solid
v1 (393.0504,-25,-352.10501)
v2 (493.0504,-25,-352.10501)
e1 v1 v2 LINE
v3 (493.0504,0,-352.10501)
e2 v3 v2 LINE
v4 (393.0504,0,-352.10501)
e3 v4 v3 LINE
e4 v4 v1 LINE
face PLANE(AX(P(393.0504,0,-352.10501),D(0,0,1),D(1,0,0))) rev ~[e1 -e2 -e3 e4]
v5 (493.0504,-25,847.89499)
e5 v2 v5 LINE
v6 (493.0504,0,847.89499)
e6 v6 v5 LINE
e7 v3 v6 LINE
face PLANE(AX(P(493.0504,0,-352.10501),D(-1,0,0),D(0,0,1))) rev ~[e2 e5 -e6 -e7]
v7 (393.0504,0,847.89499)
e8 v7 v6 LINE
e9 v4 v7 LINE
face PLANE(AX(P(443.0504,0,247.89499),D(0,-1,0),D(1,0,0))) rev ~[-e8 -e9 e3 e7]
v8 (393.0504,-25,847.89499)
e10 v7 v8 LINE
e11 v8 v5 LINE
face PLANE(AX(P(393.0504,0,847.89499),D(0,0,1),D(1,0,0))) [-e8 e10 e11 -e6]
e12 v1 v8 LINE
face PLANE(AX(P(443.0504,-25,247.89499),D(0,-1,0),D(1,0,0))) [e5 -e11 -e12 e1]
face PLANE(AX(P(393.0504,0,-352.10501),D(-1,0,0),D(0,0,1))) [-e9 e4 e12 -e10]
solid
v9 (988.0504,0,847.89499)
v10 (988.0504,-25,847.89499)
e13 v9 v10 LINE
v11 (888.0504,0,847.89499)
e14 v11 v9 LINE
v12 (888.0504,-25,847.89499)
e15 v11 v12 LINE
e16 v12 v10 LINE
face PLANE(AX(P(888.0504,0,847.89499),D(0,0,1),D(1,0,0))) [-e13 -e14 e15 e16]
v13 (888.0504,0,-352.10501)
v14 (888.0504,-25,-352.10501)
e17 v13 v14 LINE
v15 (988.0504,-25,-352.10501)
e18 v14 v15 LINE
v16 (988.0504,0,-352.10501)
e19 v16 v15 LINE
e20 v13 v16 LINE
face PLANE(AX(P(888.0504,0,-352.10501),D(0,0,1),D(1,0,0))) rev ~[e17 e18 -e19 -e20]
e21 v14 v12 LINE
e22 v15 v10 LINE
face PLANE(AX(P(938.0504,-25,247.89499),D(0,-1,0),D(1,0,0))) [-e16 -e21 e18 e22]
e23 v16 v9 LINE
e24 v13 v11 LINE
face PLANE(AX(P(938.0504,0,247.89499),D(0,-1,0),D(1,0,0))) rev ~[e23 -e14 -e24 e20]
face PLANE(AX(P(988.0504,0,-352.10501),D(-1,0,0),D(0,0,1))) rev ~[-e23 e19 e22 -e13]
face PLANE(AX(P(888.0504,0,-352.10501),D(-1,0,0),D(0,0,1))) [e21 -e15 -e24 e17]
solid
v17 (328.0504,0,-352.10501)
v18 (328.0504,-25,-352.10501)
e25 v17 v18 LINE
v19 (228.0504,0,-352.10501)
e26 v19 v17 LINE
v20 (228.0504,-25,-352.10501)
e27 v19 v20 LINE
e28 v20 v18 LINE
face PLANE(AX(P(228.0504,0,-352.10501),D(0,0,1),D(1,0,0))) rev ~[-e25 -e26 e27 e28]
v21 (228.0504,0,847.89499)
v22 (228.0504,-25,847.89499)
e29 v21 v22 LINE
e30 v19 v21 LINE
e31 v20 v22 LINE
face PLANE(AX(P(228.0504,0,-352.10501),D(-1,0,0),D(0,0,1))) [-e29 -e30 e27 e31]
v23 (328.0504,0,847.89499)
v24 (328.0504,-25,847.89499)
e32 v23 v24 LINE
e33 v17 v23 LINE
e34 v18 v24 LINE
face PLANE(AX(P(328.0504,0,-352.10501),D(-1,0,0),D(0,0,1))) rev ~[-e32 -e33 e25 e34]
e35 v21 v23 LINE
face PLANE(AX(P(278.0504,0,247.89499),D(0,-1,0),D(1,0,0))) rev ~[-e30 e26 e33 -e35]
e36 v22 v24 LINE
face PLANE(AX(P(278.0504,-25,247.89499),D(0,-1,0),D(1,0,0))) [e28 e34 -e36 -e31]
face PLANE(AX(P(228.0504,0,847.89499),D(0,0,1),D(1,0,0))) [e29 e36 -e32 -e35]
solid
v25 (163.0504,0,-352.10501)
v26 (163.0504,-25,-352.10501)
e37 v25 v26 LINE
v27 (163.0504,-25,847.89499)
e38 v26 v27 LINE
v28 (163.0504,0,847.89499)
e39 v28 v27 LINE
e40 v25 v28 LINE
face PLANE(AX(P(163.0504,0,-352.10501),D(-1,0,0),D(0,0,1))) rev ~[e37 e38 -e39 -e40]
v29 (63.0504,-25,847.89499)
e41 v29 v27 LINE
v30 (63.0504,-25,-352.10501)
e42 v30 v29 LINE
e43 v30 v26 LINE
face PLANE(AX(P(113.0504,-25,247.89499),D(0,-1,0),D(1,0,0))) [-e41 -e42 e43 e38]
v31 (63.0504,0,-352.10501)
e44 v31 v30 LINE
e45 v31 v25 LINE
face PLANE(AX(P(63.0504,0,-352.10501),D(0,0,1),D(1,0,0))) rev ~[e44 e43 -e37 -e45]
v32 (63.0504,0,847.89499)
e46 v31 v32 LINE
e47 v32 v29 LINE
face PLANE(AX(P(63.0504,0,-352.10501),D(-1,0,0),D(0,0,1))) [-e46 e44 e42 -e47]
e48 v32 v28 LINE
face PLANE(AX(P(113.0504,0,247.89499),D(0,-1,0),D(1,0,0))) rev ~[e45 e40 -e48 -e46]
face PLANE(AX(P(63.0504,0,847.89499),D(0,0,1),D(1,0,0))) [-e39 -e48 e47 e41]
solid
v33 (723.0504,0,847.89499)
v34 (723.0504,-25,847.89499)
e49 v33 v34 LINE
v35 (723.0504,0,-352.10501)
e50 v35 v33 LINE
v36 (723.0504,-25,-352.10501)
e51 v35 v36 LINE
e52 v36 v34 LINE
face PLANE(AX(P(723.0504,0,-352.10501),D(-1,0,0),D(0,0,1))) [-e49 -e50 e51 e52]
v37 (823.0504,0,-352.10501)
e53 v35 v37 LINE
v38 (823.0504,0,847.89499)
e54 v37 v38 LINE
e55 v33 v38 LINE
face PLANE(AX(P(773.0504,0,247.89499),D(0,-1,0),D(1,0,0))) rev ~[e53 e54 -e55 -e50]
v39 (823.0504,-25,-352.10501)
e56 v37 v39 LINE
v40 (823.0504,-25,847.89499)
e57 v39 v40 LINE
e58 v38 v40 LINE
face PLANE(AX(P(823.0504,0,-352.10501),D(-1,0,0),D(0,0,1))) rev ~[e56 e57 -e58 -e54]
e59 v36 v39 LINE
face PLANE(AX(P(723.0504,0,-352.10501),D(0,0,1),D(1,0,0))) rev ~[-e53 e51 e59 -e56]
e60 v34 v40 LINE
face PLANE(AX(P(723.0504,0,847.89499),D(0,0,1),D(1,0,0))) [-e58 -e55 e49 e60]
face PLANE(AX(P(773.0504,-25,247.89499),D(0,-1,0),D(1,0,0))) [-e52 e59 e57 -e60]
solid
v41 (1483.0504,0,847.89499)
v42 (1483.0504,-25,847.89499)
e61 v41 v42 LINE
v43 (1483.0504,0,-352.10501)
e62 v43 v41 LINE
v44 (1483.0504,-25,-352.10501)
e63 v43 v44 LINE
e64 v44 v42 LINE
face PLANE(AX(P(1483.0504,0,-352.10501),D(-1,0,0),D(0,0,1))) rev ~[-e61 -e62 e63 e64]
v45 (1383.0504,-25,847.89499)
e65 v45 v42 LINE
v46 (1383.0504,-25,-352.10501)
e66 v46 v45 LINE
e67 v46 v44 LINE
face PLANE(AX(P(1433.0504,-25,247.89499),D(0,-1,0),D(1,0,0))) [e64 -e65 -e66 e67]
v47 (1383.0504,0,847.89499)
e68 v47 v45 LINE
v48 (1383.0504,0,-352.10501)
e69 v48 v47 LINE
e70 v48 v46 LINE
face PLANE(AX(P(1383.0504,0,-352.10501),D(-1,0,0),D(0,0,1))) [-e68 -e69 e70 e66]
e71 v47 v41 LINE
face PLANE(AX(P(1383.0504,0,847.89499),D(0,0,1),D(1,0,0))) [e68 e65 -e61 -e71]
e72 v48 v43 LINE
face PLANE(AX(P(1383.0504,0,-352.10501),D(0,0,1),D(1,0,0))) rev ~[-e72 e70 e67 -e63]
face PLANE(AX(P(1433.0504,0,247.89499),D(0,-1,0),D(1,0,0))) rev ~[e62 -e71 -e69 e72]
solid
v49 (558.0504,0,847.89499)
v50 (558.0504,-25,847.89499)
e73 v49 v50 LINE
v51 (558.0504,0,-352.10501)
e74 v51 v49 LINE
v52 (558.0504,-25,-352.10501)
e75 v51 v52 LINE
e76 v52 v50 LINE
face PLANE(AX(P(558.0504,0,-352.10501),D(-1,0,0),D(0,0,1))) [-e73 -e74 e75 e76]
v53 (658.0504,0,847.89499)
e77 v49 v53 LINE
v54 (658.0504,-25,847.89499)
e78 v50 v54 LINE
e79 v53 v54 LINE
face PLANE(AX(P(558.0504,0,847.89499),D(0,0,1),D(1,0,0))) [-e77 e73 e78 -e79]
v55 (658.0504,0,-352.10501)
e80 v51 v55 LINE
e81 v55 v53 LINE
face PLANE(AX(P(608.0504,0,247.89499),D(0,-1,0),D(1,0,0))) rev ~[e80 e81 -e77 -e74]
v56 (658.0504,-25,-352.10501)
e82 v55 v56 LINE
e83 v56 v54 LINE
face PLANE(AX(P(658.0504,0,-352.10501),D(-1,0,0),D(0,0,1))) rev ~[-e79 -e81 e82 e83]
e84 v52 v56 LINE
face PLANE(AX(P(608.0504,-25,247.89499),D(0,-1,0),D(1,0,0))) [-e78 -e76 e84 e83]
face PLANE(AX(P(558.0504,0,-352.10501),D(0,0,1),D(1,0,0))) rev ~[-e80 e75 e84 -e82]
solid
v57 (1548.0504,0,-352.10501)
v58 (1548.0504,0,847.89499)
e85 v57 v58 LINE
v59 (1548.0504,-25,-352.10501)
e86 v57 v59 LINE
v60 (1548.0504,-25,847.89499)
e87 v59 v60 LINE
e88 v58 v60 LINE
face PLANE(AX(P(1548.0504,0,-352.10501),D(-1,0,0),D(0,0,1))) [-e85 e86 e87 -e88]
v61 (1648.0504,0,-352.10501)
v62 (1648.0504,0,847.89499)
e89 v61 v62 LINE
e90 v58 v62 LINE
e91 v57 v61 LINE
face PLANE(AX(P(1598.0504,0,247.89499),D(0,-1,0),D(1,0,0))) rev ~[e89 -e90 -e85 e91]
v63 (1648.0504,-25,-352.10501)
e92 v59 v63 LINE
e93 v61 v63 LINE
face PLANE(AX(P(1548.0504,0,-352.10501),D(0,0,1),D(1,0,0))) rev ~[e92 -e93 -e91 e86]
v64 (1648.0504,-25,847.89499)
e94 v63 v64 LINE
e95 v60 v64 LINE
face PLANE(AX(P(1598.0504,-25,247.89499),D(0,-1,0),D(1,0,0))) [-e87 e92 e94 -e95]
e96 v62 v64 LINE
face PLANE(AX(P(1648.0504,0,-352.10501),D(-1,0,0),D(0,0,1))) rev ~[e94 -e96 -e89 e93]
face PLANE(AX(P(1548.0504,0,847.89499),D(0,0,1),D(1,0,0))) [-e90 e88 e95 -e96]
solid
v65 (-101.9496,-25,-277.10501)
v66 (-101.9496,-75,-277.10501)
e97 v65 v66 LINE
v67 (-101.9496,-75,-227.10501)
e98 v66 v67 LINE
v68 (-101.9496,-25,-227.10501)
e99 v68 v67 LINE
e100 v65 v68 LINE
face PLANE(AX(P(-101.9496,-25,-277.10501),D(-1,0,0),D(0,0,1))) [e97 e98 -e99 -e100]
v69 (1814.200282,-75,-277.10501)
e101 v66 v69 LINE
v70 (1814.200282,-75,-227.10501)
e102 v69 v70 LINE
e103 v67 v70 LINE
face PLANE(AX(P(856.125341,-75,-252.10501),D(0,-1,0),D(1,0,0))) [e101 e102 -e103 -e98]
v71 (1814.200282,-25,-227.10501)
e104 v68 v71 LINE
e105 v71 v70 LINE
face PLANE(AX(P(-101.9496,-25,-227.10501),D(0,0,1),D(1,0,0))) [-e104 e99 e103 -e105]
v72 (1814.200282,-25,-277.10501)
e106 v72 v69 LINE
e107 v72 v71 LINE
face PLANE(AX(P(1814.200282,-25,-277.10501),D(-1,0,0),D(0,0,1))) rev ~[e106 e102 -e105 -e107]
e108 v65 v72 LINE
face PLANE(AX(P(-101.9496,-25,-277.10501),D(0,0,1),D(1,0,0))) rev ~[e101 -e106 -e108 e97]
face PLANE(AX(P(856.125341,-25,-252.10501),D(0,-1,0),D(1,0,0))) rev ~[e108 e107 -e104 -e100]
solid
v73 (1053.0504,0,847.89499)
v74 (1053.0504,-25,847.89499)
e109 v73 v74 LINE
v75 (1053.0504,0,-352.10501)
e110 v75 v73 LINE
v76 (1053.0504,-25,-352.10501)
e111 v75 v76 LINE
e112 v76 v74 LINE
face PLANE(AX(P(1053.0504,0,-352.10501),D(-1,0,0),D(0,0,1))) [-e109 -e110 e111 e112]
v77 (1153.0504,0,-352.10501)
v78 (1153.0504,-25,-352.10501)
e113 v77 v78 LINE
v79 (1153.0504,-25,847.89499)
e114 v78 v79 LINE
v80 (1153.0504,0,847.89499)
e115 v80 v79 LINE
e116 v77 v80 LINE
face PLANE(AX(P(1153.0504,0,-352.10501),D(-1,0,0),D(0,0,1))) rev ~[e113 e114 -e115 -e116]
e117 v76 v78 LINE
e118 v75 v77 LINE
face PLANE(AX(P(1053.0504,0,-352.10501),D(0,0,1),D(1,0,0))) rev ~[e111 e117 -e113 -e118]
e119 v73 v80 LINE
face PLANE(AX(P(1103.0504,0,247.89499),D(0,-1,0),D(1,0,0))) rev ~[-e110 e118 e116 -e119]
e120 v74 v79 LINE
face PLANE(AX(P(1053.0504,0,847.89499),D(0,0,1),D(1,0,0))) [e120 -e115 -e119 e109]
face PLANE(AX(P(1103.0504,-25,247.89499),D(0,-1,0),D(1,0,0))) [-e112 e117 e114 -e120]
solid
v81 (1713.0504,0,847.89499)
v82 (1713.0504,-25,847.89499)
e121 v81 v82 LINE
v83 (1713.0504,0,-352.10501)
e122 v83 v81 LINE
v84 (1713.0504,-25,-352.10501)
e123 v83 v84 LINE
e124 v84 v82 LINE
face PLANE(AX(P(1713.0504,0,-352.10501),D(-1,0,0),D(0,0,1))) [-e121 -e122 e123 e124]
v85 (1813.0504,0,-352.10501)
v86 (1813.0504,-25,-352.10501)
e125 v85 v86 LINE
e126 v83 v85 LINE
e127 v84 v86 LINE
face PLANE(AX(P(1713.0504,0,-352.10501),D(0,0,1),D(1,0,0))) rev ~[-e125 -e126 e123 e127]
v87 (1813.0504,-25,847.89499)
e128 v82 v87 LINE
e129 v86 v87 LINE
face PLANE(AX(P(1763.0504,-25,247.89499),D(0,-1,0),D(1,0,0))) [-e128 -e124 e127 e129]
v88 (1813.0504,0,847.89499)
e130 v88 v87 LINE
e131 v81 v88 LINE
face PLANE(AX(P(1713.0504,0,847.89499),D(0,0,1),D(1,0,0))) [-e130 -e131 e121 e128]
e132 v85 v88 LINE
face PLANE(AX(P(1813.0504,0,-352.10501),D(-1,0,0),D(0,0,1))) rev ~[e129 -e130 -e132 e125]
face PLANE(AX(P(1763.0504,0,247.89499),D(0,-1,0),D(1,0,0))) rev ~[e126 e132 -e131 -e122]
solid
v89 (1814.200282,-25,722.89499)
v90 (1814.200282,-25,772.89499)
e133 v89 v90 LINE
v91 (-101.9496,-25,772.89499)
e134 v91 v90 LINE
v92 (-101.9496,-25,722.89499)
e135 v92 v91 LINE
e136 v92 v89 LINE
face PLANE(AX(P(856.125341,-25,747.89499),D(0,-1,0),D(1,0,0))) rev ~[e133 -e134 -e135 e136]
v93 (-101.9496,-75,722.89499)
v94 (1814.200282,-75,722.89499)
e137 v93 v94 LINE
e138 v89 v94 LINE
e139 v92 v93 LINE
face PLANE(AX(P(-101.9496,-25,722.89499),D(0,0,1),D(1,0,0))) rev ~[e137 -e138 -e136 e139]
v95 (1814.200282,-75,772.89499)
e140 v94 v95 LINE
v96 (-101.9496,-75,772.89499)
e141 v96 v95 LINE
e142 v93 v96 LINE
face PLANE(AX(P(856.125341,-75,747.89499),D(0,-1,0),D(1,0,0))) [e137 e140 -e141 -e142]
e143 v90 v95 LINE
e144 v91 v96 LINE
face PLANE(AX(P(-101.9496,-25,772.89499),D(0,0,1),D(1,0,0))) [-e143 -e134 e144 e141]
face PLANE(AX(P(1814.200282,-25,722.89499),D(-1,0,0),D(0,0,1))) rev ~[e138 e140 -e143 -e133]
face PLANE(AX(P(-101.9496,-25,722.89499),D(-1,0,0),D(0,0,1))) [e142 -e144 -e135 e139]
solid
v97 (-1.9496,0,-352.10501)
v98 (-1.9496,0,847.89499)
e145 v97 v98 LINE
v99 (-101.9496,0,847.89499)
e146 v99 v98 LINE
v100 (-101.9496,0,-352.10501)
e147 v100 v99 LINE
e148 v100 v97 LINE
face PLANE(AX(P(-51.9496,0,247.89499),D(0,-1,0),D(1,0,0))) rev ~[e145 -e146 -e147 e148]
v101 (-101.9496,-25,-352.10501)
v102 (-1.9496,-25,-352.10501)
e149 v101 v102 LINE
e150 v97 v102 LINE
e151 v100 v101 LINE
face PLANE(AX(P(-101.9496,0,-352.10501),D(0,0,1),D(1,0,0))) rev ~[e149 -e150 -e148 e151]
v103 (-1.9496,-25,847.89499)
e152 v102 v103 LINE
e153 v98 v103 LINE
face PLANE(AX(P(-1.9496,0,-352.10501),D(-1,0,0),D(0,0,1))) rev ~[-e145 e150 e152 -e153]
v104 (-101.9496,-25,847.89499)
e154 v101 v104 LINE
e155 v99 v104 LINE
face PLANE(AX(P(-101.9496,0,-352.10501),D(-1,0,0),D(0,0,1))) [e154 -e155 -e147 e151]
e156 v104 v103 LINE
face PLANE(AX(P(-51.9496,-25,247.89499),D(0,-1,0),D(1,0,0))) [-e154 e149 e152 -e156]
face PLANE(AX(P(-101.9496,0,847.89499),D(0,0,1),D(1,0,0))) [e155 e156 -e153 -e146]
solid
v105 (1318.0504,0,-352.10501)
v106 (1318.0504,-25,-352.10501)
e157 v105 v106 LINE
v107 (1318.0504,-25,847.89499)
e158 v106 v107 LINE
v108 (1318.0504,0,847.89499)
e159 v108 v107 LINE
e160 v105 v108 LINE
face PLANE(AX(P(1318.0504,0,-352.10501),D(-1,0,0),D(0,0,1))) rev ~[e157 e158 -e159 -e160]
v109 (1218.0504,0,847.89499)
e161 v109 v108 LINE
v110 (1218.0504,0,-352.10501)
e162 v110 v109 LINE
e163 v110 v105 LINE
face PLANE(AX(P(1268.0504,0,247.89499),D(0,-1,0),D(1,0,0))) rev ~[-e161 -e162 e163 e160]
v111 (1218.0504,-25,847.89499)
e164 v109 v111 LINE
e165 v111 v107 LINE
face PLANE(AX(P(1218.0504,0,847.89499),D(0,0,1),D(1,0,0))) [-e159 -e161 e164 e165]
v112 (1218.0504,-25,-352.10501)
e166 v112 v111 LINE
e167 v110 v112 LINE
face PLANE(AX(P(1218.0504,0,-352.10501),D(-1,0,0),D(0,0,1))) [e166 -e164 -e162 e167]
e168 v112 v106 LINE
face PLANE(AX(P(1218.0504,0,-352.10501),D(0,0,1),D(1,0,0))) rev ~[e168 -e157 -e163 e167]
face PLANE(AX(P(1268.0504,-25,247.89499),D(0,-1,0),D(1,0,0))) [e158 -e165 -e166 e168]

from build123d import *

# Parameters (mm, degrees)
F0_W     = 100
F0_H     = 1200
F1_DEPTH = 25
F2_W     = 1916.149882
F2_H     = 50
F3_DEPTH = 50


with BuildPart() as f1:
    # F0 (on Front) → F1 (new body)
    with BuildSketch(Plane.XZ):
        with Locations((113.0504, 247.89499)):
            Rectangle(F0_W, F0_H)
        with Locations((278.0504, 247.89499)):
            Rectangle(F0_W, F0_H)
        with Locations((443.0504, 247.89499)):
            Rectangle(F0_W, F0_H)
        with Locations((608.0504, 247.89499)):
            Rectangle(F0_W, F0_H)
        with Locations((773.0504, 247.89499)):
            Rectangle(F0_W, F0_H)
        with Locations((938.0504, 247.89499)):
            Rectangle(F0_W, F0_H)
        with Locations((1103.0504, 247.89499)):
            Rectangle(F0_W, F0_H)
        with Locations((1268.0504, 247.89499)):
            Rectangle(F0_W, F0_H)
        with Locations((1433.0504, 247.89499)):
            Rectangle(F0_W, F0_H)
        with Locations((1598.0504, 247.89499)):
            Rectangle(F0_W, F0_H)
        with Locations((1763.0504, 247.89499)):
            Rectangle(F0_W, F0_H)
        with Locations((-51.9496, 247.89499)):
            Rectangle(F0_W, F0_H)
    extrude(amount=F1_DEPTH)


with BuildPart() as f3:
    # F2 (on face) → F3 (new body)
    with BuildSketch(Plane.XZ.offset(25)):
        with Locations((856.125341, 747.89499)):
            Rectangle(F2_W, F2_H)
        with Locations((856.125341, -252.10501)):
            Rectangle(F2_W, F2_H)
    extrude(amount=F3_DEPTH)


solid = Compound([f1.part, f3.part])
